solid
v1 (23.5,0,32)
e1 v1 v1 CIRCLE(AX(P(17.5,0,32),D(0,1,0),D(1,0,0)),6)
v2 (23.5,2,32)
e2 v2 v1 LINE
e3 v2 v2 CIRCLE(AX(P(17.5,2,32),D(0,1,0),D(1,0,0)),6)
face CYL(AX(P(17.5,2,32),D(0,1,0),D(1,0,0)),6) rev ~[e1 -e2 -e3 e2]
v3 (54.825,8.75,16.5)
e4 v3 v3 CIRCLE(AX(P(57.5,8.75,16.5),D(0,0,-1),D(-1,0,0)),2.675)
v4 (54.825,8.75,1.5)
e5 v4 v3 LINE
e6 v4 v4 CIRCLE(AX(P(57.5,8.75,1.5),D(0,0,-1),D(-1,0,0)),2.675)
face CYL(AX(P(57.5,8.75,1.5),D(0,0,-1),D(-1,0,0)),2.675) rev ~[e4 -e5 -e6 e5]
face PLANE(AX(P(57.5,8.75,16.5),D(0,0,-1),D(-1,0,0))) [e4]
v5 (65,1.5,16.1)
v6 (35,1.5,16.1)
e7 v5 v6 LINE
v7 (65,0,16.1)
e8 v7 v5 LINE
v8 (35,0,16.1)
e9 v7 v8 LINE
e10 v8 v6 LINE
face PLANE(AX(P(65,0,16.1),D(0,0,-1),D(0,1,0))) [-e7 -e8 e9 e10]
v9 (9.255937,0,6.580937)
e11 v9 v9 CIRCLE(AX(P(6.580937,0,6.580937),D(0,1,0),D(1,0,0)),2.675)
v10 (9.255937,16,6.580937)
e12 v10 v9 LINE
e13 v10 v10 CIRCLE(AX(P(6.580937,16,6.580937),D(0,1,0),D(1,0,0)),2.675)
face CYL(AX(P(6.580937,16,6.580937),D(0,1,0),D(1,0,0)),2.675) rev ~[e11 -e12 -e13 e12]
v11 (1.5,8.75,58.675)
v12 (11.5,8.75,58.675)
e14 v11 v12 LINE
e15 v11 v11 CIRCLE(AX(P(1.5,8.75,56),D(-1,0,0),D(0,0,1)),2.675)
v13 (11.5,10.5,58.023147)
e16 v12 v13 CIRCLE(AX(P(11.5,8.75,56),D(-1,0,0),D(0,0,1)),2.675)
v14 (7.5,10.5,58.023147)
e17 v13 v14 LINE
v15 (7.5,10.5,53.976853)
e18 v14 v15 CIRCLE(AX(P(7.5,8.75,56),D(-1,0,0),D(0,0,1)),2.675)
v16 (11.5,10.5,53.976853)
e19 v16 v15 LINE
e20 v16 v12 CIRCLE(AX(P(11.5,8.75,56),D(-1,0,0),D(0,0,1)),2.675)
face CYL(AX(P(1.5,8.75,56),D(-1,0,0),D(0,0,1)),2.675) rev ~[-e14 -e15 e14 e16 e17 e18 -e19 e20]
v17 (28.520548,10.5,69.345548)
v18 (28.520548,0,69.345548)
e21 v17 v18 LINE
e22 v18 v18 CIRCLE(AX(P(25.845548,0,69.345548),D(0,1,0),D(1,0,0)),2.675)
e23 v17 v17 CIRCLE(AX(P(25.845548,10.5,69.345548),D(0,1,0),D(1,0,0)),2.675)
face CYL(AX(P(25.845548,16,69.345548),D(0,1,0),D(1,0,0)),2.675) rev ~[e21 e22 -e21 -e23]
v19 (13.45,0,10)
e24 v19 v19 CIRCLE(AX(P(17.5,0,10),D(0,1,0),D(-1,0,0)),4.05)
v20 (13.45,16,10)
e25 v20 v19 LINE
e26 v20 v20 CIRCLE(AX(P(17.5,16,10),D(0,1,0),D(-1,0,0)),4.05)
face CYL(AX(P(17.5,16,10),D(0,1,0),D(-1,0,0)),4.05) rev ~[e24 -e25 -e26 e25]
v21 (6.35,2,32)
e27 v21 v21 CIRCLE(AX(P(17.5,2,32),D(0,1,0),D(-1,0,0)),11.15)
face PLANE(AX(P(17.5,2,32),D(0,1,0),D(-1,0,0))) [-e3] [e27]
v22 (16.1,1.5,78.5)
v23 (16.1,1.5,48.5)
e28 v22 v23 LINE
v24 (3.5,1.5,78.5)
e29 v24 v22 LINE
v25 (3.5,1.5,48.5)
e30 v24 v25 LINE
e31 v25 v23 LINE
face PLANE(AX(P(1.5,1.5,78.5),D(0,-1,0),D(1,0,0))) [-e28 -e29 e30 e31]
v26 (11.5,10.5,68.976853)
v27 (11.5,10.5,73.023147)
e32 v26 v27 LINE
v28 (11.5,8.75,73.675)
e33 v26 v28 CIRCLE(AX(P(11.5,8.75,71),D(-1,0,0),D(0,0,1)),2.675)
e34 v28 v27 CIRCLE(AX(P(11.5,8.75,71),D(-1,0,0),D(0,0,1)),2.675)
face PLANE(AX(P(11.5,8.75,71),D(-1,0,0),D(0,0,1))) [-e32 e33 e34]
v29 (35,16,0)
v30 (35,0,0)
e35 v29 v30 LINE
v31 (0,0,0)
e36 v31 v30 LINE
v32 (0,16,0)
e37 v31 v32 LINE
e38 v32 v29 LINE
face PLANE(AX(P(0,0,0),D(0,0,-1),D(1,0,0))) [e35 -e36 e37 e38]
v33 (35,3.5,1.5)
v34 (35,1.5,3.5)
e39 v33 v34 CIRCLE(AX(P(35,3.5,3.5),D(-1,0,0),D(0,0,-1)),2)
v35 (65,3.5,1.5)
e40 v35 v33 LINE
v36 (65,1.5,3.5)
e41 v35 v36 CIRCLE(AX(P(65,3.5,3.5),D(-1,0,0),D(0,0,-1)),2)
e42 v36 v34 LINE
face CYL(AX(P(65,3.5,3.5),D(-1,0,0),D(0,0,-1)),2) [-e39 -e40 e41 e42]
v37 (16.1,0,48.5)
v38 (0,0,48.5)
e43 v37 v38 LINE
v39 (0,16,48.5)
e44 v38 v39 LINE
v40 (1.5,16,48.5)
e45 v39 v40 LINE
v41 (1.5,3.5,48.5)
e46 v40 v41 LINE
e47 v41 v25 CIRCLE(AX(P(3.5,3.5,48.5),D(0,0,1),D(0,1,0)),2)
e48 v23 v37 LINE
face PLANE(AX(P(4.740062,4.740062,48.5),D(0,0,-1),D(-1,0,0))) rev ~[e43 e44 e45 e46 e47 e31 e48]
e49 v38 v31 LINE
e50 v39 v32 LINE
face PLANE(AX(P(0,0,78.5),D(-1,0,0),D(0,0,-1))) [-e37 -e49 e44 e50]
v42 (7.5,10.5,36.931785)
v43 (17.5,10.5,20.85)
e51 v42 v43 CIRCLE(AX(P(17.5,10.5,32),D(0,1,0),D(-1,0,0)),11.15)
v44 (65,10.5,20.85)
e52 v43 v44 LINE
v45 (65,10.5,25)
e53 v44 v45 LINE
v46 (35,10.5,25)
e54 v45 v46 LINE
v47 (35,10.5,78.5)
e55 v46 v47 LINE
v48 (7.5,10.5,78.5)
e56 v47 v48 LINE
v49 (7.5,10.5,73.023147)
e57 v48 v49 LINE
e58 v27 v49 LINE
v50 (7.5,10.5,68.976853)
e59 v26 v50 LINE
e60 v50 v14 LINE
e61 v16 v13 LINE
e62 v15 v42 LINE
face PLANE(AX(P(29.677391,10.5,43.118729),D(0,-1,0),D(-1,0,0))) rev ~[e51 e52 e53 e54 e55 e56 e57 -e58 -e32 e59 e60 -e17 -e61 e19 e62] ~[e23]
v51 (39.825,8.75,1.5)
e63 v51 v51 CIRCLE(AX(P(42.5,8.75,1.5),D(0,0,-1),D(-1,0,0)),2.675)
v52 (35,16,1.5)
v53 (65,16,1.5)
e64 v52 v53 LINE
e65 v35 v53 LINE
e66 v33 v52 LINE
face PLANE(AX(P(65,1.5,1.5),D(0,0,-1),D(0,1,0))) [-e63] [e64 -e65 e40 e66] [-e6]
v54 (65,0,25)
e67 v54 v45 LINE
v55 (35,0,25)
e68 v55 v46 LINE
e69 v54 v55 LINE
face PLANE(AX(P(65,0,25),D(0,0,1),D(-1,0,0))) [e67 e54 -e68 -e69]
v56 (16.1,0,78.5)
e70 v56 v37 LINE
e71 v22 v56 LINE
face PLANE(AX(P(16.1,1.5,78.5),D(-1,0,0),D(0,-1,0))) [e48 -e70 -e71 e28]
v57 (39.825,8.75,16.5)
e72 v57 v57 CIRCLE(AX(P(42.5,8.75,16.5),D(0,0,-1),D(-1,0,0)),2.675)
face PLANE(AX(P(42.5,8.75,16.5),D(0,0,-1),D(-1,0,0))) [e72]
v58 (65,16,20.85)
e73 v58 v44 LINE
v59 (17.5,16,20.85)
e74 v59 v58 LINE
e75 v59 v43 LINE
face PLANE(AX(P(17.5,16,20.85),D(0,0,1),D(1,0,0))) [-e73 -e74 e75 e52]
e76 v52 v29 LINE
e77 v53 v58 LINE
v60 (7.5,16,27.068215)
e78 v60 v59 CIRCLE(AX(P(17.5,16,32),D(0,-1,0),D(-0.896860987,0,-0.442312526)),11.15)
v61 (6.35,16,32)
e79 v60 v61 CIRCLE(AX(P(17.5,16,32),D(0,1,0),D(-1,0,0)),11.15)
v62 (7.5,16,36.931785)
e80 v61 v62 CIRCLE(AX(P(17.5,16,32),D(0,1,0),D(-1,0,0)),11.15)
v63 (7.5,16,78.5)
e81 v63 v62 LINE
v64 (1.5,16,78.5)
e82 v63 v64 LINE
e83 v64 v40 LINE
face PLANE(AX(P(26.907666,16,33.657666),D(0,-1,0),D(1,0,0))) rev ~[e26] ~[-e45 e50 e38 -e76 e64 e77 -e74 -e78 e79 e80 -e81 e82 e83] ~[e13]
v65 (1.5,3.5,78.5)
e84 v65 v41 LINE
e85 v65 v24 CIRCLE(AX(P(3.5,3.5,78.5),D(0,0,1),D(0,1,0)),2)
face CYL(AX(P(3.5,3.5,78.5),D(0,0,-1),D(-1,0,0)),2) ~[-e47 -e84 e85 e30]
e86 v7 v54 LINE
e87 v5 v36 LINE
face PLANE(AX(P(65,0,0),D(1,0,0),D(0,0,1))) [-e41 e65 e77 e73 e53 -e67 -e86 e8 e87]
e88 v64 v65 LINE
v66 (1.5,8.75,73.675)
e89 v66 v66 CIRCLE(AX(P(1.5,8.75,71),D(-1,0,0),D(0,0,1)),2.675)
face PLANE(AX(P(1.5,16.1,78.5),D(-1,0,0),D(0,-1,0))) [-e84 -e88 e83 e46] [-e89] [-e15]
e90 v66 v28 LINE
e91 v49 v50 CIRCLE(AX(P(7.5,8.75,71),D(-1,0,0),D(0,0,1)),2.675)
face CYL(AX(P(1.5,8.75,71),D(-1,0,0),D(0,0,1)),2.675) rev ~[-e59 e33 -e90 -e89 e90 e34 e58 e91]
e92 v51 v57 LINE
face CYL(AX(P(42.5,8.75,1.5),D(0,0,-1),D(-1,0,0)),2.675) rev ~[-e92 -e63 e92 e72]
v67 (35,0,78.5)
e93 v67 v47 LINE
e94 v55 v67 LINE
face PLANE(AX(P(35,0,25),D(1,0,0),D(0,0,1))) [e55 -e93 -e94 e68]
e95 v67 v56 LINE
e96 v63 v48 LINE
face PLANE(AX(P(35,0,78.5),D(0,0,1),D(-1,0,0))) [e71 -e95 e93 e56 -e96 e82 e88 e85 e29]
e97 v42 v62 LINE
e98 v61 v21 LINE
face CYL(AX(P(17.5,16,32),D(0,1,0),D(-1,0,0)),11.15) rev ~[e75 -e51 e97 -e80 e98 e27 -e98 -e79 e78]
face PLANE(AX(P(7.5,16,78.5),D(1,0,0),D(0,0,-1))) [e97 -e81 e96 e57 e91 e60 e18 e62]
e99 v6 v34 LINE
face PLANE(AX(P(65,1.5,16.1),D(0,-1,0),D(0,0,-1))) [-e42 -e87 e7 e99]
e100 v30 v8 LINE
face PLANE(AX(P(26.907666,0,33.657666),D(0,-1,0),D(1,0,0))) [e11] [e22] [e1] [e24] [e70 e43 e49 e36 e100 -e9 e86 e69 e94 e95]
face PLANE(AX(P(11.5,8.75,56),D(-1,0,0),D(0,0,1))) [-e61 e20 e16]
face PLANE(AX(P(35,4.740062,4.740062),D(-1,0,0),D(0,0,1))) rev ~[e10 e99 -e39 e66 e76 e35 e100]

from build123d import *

# Parameters (mm, degrees)
SALIENTE_EXTRUIR1_DEPTH = 16
CROQUIS6_R              = 11.15
CORTAR_EXTRUIR4_DEPTH   = 14
CROQUIS22_R             = 6
CORTAR_EXTRUIR17_DEPTH  = 3
CROQUIS8_R              = 4.05
CORTAR_EXTRUIR6_DEPTH   = 17
CORTAR_EXTRUIR12_DEPTH  = 30
CROQUIS18_R             = 2.675
CORTAR_EXTRUIR13_DEPTH  = 15
CORTAR_EXTRUIR10_DEPTH  = 30
CROQUIS16_R             = 2.675
CORTAR_EXTRUIR11_DEPTH  = 10
CROQUIS19_R             = 2.675
CORTAR_EXTRUIR14_DEPTH  = 17
CORTAR_EXTRUIR19_DEPTH  = 5.5
REDONDEO1_R             = 2


with BuildPart() as part:
    # Croquis2 → Saliente-Extruir1 (new body)
    with BuildSketch(Plane(origin=(0, 0, 0), x_dir=(-1, 0, 0), z_dir=(0, 1, 0))):
        Polygon((0, 0), (-65, 0), (-65, 25), (-35, 25), (-35, 78.5), (0, 78.5), align=None)
    extrude(amount=SALIENTE_EXTRUIR1_DEPTH)

    # Croquis6 → Cortar-Extruir4 (cut)
    with BuildSketch(Plane(origin=(0, 16, 0), x_dir=(-1, 0, 0), z_dir=(0, 1, 0))):
        with Locations((-17.5, 32)):
            Circle(CROQUIS6_R)
    extrude(amount=-CORTAR_EXTRUIR4_DEPTH, mode=Mode.SUBTRACT)

    # Croquis22 → Cortar-Extruir17 (cut, through all)
    with BuildSketch(Plane(origin=(0, 2, 0), x_dir=(1, 0, 0), z_dir=(0, 1, 0))):
        with Locations((17.5, -32)):
            Circle(CROQUIS22_R)
    extrude(amount=-CORTAR_EXTRUIR17_DEPTH, mode=Mode.SUBTRACT)

    # Croquis8 → Cortar-Extruir6 (cut, through all)
    with BuildSketch(Plane(origin=(0, 16, 0), x_dir=(-1, 0, 0), z_dir=(0, 1, 0))):
        with Locations((-17.5, 10)):
            Circle(CROQUIS8_R)
    extrude(amount=-CORTAR_EXTRUIR6_DEPTH, mode=Mode.SUBTRACT)

    # Croquis17 → Cortar-Extruir12 (cut)
    with BuildSketch(Plane(origin=(65, 0, 0), x_dir=(0, 0, -1), z_dir=(1, 0, 0))):
        Polygon((-16.1, 0), (-16.1, 1.5), (-1.5, 1.5), (-1.5, 16.1), (0, 16.1), (0, 0), align=None)
    extrude(amount=-CORTAR_EXTRUIR12_DEPTH, mode=Mode.SUBTRACT)

    # Croquis18 → Cortar-Extruir13 (cut)
    with BuildSketch(Plane(origin=(0, 0, 1.5), x_dir=(-1, 0, 0), z_dir=(0, 0, -1))):
        with Locations((-42.5, 8.75)):
            Circle(CROQUIS18_R)
        with Locations((-57.5, 8.75)):
            Circle(CROQUIS18_R)
    extrude(amount=-CORTAR_EXTRUIR13_DEPTH, mode=Mode.SUBTRACT)

    # Croquis15 → Cortar-Extruir10 (cut)
    with BuildSketch(Plane.XY.offset(78.5)):
        Polygon((0, 0), (0, 16.1), (1.5, 16.1), (1.5, 1.5), (16.1, 1.5), (16.1, 0), align=None)
    extrude(amount=-CORTAR_EXTRUIR10_DEPTH, mode=Mode.SUBTRACT)

    # Croquis16 → Cortar-Extruir11 (cut)
    with BuildSketch(Plane.ZY.offset(-1.5)):
        with Locations((56, 8.75)):
            Circle(CROQUIS16_R)
        with Locations((71, 8.75)):
            Circle(CROQUIS16_R)
    extrude(amount=-CORTAR_EXTRUIR11_DEPTH, mode=Mode.SUBTRACT)

    # Croquis19 → Cortar-Extruir14 (cut, through all)
    with BuildSketch(Plane(origin=(0, 16, 0), x_dir=(1, 0, 0), z_dir=(0, 1, 0))):
        with Locations((6.580936897, -6.580936897)):
            Circle(CROQUIS19_R)
        with Locations((25.84554815, -69.34554815)):
            Circle(CROQUIS19_R)
    extrude(amount=-CORTAR_EXTRUIR14_DEPTH, mode=Mode.SUBTRACT)

    # Croquis23 → Cortar-Extruir19 (cut)
    with BuildSketch(Plane(origin=(0, 16, 0), x_dir=(1, 0, 0), z_dir=(0, 1, 0))):
        with BuildLine():
            Line((35, -78.5), (7.5, -78.5))
            Line((7.5, -78.5), (7.5, -27.068215333))
            ThreePointArc((7.5, -27.068215333), (11.612169289, -22.531317435), (17.5, -20.85))
            Line((17.5, -20.85), (65, -20.85))
            Line((65, -20.85), (65, -25))
            Line((65, -25), (35, -25))
            Line((35, -25), (35, -78.5))
        make_face()
    extrude(amount=-CORTAR_EXTRUIR19_DEPTH, mode=Mode.SUBTRACT)

    # Redondeo1
    redondeo1_edges = [part.edges().sort_by_distance(p)[0] for p in [
        (50, 1.5, 1.5),
        (1.5, 1.5, 63.5),
    ]]
    fillet(redondeo1_edges, radius=REDONDEO1_R)


solid = part.part
